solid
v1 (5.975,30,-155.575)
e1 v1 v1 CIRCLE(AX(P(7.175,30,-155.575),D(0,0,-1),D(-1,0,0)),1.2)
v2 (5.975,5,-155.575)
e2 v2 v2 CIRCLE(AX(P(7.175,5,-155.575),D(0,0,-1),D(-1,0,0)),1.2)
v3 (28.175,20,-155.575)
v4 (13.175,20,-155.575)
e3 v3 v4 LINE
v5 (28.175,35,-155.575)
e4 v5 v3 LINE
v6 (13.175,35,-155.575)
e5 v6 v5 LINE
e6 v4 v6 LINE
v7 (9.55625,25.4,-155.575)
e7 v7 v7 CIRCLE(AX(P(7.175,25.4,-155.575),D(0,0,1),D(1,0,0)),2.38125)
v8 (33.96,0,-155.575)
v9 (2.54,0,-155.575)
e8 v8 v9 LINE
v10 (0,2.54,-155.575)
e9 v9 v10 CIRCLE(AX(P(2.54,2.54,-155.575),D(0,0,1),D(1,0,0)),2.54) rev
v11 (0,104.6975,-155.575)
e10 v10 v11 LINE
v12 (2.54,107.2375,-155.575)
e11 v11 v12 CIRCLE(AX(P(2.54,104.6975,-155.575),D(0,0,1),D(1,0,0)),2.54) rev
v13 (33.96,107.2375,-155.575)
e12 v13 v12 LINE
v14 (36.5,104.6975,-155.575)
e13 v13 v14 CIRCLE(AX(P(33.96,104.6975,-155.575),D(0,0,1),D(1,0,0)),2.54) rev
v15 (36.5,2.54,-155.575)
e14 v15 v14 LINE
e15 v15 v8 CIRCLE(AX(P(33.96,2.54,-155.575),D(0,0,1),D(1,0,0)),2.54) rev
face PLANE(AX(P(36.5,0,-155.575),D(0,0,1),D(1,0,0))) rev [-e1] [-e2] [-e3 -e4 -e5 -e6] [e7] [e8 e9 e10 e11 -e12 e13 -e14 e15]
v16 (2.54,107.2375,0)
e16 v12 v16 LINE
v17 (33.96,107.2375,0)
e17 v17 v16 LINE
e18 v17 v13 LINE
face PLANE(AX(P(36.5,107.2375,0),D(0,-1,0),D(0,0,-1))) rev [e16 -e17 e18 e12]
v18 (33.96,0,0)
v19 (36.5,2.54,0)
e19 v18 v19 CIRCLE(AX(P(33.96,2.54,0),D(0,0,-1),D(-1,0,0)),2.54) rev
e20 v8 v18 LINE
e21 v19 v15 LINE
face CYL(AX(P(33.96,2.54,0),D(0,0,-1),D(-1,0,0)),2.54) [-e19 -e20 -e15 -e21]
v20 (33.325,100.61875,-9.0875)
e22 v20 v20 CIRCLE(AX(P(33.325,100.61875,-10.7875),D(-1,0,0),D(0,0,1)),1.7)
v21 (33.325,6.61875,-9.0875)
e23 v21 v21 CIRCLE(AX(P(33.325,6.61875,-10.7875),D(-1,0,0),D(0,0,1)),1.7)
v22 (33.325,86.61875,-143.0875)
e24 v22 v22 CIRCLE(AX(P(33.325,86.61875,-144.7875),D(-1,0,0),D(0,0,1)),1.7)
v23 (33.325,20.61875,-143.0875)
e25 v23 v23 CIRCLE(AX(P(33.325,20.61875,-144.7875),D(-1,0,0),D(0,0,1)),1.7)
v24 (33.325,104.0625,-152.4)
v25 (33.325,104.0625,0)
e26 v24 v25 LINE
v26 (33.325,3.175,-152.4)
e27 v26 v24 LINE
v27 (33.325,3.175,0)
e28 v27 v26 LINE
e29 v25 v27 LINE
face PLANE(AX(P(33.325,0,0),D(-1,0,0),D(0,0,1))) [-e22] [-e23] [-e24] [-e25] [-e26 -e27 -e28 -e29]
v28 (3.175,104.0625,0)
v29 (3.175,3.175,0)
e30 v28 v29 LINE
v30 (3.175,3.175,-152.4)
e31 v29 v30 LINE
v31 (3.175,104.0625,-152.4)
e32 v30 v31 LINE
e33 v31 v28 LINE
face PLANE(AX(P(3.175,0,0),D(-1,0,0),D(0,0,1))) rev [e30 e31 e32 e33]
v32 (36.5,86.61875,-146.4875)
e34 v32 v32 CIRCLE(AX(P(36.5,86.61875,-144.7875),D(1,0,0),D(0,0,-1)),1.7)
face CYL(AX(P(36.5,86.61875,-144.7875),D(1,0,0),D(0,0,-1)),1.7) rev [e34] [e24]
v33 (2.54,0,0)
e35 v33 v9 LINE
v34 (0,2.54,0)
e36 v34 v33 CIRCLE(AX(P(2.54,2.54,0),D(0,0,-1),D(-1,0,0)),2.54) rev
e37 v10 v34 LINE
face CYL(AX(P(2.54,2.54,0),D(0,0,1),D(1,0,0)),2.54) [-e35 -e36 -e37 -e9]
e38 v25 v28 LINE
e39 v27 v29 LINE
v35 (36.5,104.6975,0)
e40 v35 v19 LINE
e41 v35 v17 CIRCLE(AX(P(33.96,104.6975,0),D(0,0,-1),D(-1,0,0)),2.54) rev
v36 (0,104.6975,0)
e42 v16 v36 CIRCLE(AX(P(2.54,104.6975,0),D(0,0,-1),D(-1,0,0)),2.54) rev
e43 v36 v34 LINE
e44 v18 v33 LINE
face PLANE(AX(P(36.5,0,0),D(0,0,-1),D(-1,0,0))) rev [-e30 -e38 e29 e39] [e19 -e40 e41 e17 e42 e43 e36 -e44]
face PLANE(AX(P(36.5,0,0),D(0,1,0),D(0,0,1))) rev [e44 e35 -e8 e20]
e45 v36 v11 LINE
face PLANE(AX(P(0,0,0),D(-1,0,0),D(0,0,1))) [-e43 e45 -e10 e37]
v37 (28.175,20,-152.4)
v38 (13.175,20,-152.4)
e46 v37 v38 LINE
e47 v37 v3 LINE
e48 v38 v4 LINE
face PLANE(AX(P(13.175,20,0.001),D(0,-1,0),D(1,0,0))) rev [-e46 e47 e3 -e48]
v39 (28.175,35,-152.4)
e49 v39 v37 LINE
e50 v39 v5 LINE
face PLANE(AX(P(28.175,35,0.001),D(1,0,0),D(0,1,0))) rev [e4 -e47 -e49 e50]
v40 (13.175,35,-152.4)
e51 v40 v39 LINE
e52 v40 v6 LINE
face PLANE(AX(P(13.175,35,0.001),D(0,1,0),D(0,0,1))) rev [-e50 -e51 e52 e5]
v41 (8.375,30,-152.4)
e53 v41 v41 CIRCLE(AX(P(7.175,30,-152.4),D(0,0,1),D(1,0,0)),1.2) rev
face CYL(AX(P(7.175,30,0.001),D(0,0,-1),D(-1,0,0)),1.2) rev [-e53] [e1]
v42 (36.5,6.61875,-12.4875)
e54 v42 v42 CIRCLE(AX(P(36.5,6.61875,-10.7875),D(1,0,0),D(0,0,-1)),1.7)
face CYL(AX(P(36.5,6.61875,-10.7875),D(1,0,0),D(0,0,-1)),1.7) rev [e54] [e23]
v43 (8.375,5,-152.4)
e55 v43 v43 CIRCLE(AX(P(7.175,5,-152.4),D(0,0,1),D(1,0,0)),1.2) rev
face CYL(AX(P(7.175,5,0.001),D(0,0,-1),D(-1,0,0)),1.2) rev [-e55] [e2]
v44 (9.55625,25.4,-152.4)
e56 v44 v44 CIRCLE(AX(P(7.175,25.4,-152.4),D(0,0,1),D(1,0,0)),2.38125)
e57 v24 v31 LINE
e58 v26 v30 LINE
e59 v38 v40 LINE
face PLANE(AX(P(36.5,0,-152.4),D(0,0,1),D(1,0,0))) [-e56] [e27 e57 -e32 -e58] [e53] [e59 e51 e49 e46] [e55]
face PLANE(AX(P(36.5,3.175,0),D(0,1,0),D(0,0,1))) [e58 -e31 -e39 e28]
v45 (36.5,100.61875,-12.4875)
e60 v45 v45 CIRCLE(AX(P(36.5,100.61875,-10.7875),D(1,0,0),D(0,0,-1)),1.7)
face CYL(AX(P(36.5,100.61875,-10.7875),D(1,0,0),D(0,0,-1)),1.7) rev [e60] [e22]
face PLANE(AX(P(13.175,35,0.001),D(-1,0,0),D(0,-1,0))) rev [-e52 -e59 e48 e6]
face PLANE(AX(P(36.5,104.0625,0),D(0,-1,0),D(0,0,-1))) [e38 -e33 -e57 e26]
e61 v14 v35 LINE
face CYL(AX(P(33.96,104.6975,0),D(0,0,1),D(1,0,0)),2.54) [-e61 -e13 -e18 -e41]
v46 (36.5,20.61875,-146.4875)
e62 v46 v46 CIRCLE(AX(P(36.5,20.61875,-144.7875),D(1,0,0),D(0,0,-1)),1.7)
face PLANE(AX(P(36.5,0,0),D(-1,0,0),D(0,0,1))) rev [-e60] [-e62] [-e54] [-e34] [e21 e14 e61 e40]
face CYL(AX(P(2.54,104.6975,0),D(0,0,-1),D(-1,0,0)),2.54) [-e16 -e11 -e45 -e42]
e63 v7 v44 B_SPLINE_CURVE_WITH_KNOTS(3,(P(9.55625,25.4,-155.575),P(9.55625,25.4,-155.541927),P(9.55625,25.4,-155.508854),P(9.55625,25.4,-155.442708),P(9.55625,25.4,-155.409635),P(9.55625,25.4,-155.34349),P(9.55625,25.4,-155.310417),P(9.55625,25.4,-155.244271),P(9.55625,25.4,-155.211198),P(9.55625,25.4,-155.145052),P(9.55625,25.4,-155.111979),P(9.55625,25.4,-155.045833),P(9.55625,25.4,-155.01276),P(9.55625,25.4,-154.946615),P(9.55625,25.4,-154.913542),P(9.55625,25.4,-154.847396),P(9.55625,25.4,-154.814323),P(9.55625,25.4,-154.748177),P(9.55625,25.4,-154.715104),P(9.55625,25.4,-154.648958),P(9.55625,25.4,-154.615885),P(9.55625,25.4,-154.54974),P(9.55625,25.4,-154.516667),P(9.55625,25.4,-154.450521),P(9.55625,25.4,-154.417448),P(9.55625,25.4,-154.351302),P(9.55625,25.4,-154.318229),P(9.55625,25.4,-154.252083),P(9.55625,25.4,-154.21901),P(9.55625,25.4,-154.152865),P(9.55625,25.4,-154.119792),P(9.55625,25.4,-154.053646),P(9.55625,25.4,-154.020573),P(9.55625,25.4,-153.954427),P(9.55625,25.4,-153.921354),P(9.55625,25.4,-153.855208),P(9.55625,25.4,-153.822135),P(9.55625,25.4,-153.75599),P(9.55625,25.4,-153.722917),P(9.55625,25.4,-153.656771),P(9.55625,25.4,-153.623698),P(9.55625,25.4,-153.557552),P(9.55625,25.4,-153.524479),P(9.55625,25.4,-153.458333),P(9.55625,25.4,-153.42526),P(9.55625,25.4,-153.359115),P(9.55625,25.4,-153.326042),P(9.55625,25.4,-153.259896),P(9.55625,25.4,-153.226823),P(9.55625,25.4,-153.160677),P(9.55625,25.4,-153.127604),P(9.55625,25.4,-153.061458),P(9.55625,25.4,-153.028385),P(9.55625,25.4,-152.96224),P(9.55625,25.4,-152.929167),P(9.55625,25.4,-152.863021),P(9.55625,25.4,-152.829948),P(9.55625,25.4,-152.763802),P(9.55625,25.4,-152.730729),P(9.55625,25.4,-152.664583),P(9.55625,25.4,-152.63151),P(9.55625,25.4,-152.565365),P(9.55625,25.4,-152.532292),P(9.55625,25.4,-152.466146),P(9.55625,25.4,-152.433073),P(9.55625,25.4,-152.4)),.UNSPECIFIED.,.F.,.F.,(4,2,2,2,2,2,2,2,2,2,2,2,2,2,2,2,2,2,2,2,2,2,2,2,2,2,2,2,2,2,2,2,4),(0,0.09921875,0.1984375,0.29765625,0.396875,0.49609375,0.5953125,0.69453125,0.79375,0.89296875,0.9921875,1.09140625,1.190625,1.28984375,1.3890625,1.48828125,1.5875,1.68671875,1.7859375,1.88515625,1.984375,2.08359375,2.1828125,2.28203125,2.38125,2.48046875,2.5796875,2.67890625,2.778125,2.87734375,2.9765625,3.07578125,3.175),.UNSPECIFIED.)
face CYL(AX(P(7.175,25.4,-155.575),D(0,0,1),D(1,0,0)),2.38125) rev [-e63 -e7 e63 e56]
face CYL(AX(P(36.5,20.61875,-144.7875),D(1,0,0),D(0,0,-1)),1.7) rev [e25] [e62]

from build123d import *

# Parameters (mm, degrees)
SKETCH1_W                = 155.575
SKETCH1_H                = 107.237500028
BOSS_EXTRUDE1_DEPTH      = 36.5
SHELL2_T                 = -3.175
FILLET1_R                = 2.54
CUT_EXTRUDE2_REACH       = 194.447
SKETCH7_R                = 1.2
SKETCH7_W                = 15
SKETCH7_H                = 15
SKETCH8_R                = 2.38125
CUT_EXTRUDE3_DEPTH       = 190.889155594
M3_CLEARANCE_HOLE1_D     = 3.4
M3_CLEARANCE_HOLE1_DEPTH = 3.175


with BuildPart() as part:
    # Sketch1 → Boss-Extrude1 (new body)
    with BuildSketch(Plane(origin=(0, 0, 0), x_dir=(0, 0, -1), z_dir=(1, 0, 0))):
        with Locations((77.7875, 53.618750014)):
            Rectangle(SKETCH1_W, SKETCH1_H)
    extrude(amount=BOSS_EXTRUDE1_DEPTH)

    # Shell2
    shell2_openings = [part.faces().sort_by_distance(p)[0] for p in [
        (18.25, 53.618750014, 0),
    ]]
    offset(amount=SHELL2_T, openings=shell2_openings, kind=Kind.INTERSECTION)

    # Fillet1
    fillet1_edges = [part.edges().sort_by_distance(p)[0] for p in [
        (36.5, 107.237500028, -77.7875),
        (0, 107.237500028, -77.7875),
        (0, 0, -77.7875),
        (36.5, 0, -77.7875),
    ]]
    fillet(fillet1_edges, radius=FILLET1_R)

    # Sketch7 → Cut-Extrude2 (cut, up to next)
    with BuildSketch(Plane(origin=(0, 0, -155.575), x_dir=(-1, 0, 0), z_dir=(0, 0, -1)), mode=Mode.PRIVATE) as cut_extrude2_sk1:
        with Locations((-7.175, 30)):
            Circle(SKETCH7_R)
    cut_extrude2_tool1 = extrude(cut_extrude2_sk1.sketch, amount=-CUT_EXTRUDE2_REACH, mode=Mode.PRIVATE) & part.part
    # Sketch7 → Cut-Extrude2 (cut, up to next)
    with BuildSketch(Plane(origin=(0, 0, -155.575), x_dir=(-1, 0, 0), z_dir=(0, 0, -1)), mode=Mode.PRIVATE) as cut_extrude2_sk2:
        with Locations((-7.175, 5)):
            Circle(SKETCH7_R)
    cut_extrude2_tool2 = extrude(cut_extrude2_sk2.sketch, amount=-CUT_EXTRUDE2_REACH, mode=Mode.PRIVATE) & part.part
    # Sketch7 → Cut-Extrude2 (cut, up to next)
    with BuildSketch(Plane(origin=(0, 0, -155.575), x_dir=(-1, 0, 0), z_dir=(0, 0, -1)), mode=Mode.PRIVATE) as cut_extrude2_sk3:
        with Locations((-20.675, 27.5)):
            Rectangle(SKETCH7_W, SKETCH7_H)
    cut_extrude2_tool3 = extrude(cut_extrude2_sk3.sketch, amount=-CUT_EXTRUDE2_REACH, mode=Mode.PRIVATE) & part.part
    add(cut_extrude2_tool1.solids().sort_by_distance((7.175, 30, -155.575))[0], mode=Mode.SUBTRACT)
    add(cut_extrude2_tool2.solids().sort_by_distance((7.175, 5, -155.575))[0], mode=Mode.SUBTRACT)
    add(cut_extrude2_tool3.solids().sort_by_distance((20.675, 27.5, -155.575))[0], mode=Mode.SUBTRACT)

    # Sketch8 → Cut-Extrude3 (cut, through all)
    with BuildSketch(Plane.XY.offset(-152.4)):
        with Locations((7.175, 25.4)):
            Circle(SKETCH8_R)
    extrude(amount=-CUT_EXTRUDE3_DEPTH, mode=Mode.SUBTRACT)

    # M3 Clearance Hole1
    with Locations(Plane(origin=(36.5, 0, 0), x_dir=(0, 0, -1), z_dir=(1, 0, 0))):
        with Locations((144.7875, 86.618750014), (144.7875, 20.618750014), (10.7875, 6.618750014), (10.7875, 100.618750014)):
            Hole(M3_CLEARANCE_HOLE1_D / 2, depth=M3_CLEARANCE_HOLE1_DEPTH)


solid = part.part
